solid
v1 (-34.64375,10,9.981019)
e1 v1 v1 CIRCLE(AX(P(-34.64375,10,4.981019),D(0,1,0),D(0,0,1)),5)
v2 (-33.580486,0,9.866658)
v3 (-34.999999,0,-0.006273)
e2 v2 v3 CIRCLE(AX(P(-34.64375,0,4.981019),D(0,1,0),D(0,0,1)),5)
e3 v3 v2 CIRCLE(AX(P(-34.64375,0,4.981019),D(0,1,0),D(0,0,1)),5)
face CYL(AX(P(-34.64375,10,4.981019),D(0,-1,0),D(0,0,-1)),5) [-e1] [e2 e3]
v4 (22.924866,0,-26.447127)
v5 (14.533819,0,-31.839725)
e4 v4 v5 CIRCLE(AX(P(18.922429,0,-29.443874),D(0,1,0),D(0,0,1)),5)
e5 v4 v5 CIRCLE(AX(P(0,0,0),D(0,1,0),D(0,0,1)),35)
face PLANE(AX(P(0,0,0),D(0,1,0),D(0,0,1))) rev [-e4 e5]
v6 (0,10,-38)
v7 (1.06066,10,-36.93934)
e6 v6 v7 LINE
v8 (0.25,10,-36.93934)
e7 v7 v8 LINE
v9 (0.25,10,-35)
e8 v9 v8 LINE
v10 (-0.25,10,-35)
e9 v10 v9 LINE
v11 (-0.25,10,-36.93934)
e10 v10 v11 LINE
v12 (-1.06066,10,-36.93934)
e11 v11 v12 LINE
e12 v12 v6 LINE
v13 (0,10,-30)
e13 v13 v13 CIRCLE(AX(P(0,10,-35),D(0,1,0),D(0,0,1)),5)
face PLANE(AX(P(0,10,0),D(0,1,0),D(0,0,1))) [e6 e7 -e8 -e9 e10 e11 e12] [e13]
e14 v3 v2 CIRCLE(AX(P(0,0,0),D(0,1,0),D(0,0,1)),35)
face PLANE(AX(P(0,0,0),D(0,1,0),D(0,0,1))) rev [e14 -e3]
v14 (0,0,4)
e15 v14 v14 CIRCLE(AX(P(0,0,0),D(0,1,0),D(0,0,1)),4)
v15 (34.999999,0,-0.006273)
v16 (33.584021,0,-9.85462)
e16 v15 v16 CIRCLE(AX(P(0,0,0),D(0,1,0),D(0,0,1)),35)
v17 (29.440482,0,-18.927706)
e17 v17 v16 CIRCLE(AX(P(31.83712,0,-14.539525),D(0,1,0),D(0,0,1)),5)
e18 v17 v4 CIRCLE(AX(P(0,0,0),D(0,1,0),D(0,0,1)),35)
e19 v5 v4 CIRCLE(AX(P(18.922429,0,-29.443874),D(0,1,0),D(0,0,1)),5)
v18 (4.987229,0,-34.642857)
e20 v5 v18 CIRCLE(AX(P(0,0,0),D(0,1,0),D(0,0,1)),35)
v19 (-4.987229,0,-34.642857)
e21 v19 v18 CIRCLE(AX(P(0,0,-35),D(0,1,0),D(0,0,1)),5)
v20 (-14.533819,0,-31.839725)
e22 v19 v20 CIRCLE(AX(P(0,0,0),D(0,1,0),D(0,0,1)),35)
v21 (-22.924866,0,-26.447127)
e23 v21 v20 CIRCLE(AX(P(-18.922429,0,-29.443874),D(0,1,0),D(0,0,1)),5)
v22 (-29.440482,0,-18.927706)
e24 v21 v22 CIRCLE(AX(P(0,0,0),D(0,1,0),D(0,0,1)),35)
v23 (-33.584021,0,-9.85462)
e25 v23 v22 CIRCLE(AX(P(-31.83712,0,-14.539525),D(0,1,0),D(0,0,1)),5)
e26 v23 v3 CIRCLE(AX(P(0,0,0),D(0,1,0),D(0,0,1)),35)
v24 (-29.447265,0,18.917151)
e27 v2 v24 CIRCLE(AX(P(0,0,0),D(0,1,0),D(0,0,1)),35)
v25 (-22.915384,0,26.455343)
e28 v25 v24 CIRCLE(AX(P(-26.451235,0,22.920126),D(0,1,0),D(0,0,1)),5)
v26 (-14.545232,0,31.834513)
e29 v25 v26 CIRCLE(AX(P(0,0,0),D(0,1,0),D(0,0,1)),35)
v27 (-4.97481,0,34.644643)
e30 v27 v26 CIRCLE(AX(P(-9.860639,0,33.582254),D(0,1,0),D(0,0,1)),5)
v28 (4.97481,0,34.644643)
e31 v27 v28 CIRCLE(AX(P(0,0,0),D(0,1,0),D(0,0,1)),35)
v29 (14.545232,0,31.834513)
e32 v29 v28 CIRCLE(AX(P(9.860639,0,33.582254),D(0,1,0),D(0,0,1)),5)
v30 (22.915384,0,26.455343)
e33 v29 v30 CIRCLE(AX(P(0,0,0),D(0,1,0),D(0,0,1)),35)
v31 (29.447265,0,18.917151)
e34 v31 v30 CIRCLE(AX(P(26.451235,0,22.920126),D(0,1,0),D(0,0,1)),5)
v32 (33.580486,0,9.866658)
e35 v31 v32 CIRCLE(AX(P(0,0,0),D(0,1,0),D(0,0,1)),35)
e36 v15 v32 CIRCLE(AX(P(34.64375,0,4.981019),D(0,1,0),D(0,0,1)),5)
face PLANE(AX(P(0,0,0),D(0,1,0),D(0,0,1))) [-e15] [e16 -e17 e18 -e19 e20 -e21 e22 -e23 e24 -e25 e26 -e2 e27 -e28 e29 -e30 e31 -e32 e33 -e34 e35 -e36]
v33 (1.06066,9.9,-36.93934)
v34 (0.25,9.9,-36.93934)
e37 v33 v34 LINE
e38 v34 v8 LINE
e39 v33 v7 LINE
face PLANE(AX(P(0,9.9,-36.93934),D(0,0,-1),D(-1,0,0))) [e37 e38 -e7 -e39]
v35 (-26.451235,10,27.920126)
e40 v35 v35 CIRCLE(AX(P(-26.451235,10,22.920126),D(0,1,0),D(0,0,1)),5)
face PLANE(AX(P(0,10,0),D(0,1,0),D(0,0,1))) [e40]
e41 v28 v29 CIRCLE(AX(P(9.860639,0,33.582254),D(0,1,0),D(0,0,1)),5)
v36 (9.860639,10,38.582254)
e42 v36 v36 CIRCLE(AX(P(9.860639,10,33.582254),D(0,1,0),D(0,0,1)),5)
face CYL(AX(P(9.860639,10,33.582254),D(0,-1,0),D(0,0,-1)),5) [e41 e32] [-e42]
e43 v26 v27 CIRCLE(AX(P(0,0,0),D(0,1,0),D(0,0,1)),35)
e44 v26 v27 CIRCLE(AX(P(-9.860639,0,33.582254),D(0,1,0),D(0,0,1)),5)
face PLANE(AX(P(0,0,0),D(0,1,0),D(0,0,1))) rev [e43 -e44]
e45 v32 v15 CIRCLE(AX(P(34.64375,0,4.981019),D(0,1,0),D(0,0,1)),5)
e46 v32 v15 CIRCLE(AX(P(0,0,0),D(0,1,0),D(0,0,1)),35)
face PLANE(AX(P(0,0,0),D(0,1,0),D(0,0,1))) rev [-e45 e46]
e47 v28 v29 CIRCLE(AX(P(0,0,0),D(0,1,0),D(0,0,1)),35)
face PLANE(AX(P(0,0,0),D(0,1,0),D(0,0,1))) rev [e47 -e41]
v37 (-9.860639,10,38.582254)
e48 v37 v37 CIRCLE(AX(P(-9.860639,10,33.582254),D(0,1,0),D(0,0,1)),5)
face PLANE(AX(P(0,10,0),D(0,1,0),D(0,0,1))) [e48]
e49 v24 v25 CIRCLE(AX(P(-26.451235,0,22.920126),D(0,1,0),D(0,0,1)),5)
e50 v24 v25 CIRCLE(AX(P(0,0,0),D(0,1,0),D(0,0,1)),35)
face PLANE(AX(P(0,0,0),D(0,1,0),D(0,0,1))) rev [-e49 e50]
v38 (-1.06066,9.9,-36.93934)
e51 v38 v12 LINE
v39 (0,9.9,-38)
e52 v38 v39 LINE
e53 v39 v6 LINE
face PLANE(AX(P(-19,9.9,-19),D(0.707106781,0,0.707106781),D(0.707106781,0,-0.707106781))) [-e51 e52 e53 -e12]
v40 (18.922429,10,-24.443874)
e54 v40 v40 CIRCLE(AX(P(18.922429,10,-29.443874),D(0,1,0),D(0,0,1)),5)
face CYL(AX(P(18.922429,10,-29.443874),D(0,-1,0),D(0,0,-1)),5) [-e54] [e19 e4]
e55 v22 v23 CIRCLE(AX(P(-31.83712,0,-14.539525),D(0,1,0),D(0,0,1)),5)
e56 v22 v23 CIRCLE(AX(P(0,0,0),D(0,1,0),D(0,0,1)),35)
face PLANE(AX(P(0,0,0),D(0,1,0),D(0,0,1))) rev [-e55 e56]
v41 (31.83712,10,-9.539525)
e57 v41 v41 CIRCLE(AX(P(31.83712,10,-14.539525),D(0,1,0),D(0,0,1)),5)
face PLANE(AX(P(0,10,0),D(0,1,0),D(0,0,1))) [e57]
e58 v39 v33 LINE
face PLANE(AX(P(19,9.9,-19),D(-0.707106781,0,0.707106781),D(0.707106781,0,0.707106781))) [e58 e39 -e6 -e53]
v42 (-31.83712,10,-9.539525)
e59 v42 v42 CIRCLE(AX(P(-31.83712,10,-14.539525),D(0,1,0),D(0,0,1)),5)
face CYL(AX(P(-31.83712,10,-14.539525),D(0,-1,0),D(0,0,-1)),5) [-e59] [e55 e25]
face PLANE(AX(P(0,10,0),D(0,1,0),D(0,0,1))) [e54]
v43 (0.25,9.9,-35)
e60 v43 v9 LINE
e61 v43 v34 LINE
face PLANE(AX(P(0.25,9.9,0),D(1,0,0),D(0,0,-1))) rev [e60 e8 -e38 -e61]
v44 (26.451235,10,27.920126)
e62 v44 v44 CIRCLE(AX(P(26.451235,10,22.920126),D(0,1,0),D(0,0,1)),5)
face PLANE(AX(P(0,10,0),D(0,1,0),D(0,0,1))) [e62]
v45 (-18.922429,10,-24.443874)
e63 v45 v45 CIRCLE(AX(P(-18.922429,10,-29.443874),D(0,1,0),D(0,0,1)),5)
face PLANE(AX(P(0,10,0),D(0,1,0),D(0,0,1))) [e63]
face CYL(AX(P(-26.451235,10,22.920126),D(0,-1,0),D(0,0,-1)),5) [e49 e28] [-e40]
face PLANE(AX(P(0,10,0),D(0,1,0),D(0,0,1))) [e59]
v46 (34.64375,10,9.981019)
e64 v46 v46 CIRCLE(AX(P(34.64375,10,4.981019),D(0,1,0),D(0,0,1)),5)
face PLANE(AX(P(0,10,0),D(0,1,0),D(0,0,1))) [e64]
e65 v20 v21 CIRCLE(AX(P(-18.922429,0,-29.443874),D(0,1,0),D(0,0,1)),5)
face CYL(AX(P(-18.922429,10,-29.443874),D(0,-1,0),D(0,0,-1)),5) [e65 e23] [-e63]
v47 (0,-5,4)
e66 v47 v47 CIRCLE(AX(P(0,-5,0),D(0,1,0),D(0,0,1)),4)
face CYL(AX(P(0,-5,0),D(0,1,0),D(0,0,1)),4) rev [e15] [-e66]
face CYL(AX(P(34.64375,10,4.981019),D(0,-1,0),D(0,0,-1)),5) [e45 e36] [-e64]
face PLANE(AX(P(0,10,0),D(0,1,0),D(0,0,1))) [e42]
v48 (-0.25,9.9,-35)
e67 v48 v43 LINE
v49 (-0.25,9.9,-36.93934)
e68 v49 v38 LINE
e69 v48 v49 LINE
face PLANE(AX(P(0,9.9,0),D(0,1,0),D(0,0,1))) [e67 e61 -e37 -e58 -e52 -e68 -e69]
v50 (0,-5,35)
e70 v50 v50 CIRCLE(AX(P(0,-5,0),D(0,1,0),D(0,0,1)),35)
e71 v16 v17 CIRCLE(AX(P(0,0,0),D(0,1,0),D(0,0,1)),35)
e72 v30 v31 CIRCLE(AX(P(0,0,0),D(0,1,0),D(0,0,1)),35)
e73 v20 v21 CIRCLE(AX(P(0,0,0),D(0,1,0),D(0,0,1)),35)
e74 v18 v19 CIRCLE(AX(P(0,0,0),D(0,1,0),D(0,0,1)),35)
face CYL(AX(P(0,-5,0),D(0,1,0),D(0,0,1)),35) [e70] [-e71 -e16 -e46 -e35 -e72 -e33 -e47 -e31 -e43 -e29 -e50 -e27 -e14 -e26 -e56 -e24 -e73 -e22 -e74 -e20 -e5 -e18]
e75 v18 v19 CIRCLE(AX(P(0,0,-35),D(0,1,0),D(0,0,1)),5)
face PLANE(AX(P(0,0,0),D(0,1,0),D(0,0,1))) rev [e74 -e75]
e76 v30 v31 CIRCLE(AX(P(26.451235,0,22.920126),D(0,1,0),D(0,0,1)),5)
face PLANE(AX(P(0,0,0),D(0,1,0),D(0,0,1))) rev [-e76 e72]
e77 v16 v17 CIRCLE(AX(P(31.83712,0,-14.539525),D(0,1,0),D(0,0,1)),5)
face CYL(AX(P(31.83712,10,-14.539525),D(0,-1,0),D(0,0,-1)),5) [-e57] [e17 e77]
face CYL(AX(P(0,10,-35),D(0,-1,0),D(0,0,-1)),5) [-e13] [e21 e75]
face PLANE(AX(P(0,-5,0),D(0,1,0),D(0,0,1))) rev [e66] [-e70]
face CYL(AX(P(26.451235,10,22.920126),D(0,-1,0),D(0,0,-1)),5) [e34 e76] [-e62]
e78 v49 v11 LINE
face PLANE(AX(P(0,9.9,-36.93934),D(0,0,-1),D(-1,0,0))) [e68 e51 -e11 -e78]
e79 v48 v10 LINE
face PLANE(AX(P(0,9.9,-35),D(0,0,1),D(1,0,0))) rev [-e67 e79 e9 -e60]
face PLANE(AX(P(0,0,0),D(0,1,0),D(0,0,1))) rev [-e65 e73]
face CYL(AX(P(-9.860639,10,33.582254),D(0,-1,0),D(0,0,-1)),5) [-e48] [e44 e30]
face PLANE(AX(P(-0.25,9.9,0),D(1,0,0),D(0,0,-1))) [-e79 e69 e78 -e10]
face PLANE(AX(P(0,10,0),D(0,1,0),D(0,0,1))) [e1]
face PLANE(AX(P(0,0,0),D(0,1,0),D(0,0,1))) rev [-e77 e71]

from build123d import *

# Parameters (mm, degrees)
SKETCH1_R              = 5
BOSS_EXTRUDE1_DEPTH    = 10
BOSS_EXTRUDE1_2_DEPTH  = 10
BOSS_EXTRUDE1_3_DEPTH  = 10
BOSS_EXTRUDE1_4_DEPTH  = 10
BOSS_EXTRUDE1_5_DEPTH  = 10
BOSS_EXTRUDE1_6_DEPTH  = 10
BOSS_EXTRUDE1_7_DEPTH  = 10
BOSS_EXTRUDE1_8_DEPTH  = 10
BOSS_EXTRUDE1_9_DEPTH  = 10
BOSS_EXTRUDE1_10_DEPTH = 10
BOSS_EXTRUDE1_11_DEPTH = 10
SKETCH2_R              = 35
SKETCH2_R_2            = 4
BOSS_EXTRUDE2_DEPTH    = 5
SKETCH3_W              = 0.25
SKETCH3_H              = 1.939339828
CUT_EXTRUDE1_DEPTH     = 0.1


with BuildPart() as part:
    # Sketch1 → Boss-Extrude1 (new body)
    with BuildSketch(Plane(origin=(0, 0, 0), x_dir=(1, 0, 0), z_dir=(0, 1, 0))):
        with Locations(Location((0, 35, 0), (0, 0, 270))):
            Circle(SKETCH1_R)
    extrude(amount=BOSS_EXTRUDE1_DEPTH)



with BuildPart() as body_2:
    # Sketch1 → Boss-Extrude1 2 (new body)
    with BuildSketch(Plane(origin=(0, 0, 0), x_dir=(1, 0, 0), z_dir=(0, 1, 0))):
        with Locations(Location((18.922428611, 29.443873649, 0), (0, 0, 270))):
            Circle(SKETCH1_R)
    extrude(amount=BOSS_EXTRUDE1_2_DEPTH)


with BuildPart() as body_3:
    # Sketch1 → Boss-Extrude1 3 (new body)
    with BuildSketch(Plane(origin=(0, 0, 0), x_dir=(1, 0, 0), z_dir=(0, 1, 0))):
        with Locations(Location((31.837119837, 14.539525455, 0), (0, 0, 270))):
            Circle(SKETCH1_R)
    extrude(amount=BOSS_EXTRUDE1_3_DEPTH)


with BuildPart() as body_4:
    # Sketch1 → Boss-Extrude1 4 (new body)
    with BuildSketch(Plane(origin=(0, 0, 0), x_dir=(1, 0, 0), z_dir=(0, 1, 0))):
        with Locations(Location((34.643750466, -4.98101934, 0), (0, 0, 270))):
            Circle(SKETCH1_R)
    extrude(amount=BOSS_EXTRUDE1_4_DEPTH)


with BuildPart() as body_5:
    # Sketch1 → Boss-Extrude1 5 (new body)
    with BuildSketch(Plane(origin=(0, 0, 0), x_dir=(1, 0, 0), z_dir=(0, 1, 0))):
        with Locations(Location((26.451235102, -22.920125688, 0), (0, 0, 270))):
            Circle(SKETCH1_R)
    extrude(amount=BOSS_EXTRUDE1_5_DEPTH)


with BuildPart() as body_6:
    # Sketch1 → Boss-Extrude1 6 (new body)
    with BuildSketch(Plane(origin=(0, 0, 0), x_dir=(1, 0, 0), z_dir=(0, 1, 0))):
        with Locations(Location((9.860639489, -33.582254077, 0), (0, 0, 270))):
            Circle(SKETCH1_R)
    extrude(amount=BOSS_EXTRUDE1_6_DEPTH)


with BuildPart() as body_7:
    # Sketch1 → Boss-Extrude1 7 (new body)
    with BuildSketch(Plane(origin=(0, 0, 0), x_dir=(1, 0, 0), z_dir=(0, 1, 0))):
        with Locations(Location((-9.860639489, -33.582254077, 0), (0, 0, 270))):
            Circle(SKETCH1_R)
    extrude(amount=BOSS_EXTRUDE1_7_DEPTH)


with BuildPart() as body_8:
    # Sketch1 → Boss-Extrude1 8 (new body)
    with BuildSketch(Plane(origin=(0, 0, 0), x_dir=(1, 0, 0), z_dir=(0, 1, 0))):
        with Locations(Location((-26.451235102, -22.920125688, 0), (0, 0, 270))):
            Circle(SKETCH1_R)
    extrude(amount=BOSS_EXTRUDE1_8_DEPTH)


with BuildPart() as body_9:
    # Sketch1 → Boss-Extrude1 9 (new body)
    with BuildSketch(Plane(origin=(0, 0, 0), x_dir=(1, 0, 0), z_dir=(0, 1, 0))):
        with Locations(Location((-34.643750466, -4.98101934, 0), (0, 0, 270))):
            Circle(SKETCH1_R)
    extrude(amount=BOSS_EXTRUDE1_9_DEPTH)


with BuildPart() as body_10:
    # Sketch1 → Boss-Extrude1 10 (new body)
    with BuildSketch(Plane(origin=(0, 0, 0), x_dir=(1, 0, 0), z_dir=(0, 1, 0))):
        with Locations(Location((-31.837119837, 14.539525455, 0), (0, 0, 270))):
            Circle(SKETCH1_R)
    extrude(amount=BOSS_EXTRUDE1_10_DEPTH)


with BuildPart() as body_11:
    # Sketch1 → Boss-Extrude1 11 (new body)
    with BuildSketch(Plane(origin=(0, 0, 0), x_dir=(1, 0, 0), z_dir=(0, 1, 0))):
        with Locations(Location((-18.922428611, 29.443873649, 0), (0, 0, 270))):
            Circle(SKETCH1_R)
    extrude(amount=BOSS_EXTRUDE1_11_DEPTH)


with BuildPart() as part_1:
    add(part.part)

    add(body_2.part)  # Boss-Extrude2 merges body 2

    add(body_3.part)  # Boss-Extrude2 merges body 3

    add(body_4.part)  # Boss-Extrude2 merges body 4

    add(body_5.part)  # Boss-Extrude2 merges body 5

    add(body_6.part)  # Boss-Extrude2 merges body 6

    add(body_7.part)  # Boss-Extrude2 merges body 7

    add(body_8.part)  # Boss-Extrude2 merges body 8

    add(body_9.part)  # Boss-Extrude2 merges body 9

    add(body_10.part)  # Boss-Extrude2 merges body 10

    add(body_11.part)  # Boss-Extrude2 merges body 11
    # Sketch2 → Boss-Extrude2 (add)
    with BuildSketch(Plane(origin=(0, 0, 0), x_dir=(1, 0, 0), z_dir=(0, 1, 0))):
        with Locations(Location((0, 0, 0), (0, 0, 270))):
            Circle(SKETCH2_R)
        with Locations(Location((0, 0, 0), (0, 0, 270))):
            Circle(SKETCH2_R_2, mode=Mode.SUBTRACT)
    extrude(amount=-BOSS_EXTRUDE2_DEPTH)

    # Sketch3 → Cut-Extrude1 (cut)
    with BuildSketch(Plane(origin=(0, 10, 0), x_dir=(1, 0, 0), z_dir=(0, 1, 0))):
        Polygon((-1.060660172, 36.939339828), (-0.25, 36.939339828), (-0.25, 37.75), align=None)
        Polygon((-0.25, 36.939339828), (0, 36.939339828), (0, 38), (-0.25, 37.75), align=None)
        Polygon((0, 38), (0, 36.939339828), (0.25, 36.939339828), (0.25, 37.75), align=None)
        Polygon((0.25, 37.75), (0.25, 36.939339828), (1.060660172, 36.939339828), align=None)
        with Locations((0.125, 35.969669914)):
            Rectangle(SKETCH3_W, SKETCH3_H)
        with Locations((-0.125, 35.969669914)):
            Rectangle(SKETCH3_W, SKETCH3_H)
    extrude(amount=-CUT_EXTRUDE1_DEPTH, mode=Mode.SUBTRACT)


solid = part_1.part
